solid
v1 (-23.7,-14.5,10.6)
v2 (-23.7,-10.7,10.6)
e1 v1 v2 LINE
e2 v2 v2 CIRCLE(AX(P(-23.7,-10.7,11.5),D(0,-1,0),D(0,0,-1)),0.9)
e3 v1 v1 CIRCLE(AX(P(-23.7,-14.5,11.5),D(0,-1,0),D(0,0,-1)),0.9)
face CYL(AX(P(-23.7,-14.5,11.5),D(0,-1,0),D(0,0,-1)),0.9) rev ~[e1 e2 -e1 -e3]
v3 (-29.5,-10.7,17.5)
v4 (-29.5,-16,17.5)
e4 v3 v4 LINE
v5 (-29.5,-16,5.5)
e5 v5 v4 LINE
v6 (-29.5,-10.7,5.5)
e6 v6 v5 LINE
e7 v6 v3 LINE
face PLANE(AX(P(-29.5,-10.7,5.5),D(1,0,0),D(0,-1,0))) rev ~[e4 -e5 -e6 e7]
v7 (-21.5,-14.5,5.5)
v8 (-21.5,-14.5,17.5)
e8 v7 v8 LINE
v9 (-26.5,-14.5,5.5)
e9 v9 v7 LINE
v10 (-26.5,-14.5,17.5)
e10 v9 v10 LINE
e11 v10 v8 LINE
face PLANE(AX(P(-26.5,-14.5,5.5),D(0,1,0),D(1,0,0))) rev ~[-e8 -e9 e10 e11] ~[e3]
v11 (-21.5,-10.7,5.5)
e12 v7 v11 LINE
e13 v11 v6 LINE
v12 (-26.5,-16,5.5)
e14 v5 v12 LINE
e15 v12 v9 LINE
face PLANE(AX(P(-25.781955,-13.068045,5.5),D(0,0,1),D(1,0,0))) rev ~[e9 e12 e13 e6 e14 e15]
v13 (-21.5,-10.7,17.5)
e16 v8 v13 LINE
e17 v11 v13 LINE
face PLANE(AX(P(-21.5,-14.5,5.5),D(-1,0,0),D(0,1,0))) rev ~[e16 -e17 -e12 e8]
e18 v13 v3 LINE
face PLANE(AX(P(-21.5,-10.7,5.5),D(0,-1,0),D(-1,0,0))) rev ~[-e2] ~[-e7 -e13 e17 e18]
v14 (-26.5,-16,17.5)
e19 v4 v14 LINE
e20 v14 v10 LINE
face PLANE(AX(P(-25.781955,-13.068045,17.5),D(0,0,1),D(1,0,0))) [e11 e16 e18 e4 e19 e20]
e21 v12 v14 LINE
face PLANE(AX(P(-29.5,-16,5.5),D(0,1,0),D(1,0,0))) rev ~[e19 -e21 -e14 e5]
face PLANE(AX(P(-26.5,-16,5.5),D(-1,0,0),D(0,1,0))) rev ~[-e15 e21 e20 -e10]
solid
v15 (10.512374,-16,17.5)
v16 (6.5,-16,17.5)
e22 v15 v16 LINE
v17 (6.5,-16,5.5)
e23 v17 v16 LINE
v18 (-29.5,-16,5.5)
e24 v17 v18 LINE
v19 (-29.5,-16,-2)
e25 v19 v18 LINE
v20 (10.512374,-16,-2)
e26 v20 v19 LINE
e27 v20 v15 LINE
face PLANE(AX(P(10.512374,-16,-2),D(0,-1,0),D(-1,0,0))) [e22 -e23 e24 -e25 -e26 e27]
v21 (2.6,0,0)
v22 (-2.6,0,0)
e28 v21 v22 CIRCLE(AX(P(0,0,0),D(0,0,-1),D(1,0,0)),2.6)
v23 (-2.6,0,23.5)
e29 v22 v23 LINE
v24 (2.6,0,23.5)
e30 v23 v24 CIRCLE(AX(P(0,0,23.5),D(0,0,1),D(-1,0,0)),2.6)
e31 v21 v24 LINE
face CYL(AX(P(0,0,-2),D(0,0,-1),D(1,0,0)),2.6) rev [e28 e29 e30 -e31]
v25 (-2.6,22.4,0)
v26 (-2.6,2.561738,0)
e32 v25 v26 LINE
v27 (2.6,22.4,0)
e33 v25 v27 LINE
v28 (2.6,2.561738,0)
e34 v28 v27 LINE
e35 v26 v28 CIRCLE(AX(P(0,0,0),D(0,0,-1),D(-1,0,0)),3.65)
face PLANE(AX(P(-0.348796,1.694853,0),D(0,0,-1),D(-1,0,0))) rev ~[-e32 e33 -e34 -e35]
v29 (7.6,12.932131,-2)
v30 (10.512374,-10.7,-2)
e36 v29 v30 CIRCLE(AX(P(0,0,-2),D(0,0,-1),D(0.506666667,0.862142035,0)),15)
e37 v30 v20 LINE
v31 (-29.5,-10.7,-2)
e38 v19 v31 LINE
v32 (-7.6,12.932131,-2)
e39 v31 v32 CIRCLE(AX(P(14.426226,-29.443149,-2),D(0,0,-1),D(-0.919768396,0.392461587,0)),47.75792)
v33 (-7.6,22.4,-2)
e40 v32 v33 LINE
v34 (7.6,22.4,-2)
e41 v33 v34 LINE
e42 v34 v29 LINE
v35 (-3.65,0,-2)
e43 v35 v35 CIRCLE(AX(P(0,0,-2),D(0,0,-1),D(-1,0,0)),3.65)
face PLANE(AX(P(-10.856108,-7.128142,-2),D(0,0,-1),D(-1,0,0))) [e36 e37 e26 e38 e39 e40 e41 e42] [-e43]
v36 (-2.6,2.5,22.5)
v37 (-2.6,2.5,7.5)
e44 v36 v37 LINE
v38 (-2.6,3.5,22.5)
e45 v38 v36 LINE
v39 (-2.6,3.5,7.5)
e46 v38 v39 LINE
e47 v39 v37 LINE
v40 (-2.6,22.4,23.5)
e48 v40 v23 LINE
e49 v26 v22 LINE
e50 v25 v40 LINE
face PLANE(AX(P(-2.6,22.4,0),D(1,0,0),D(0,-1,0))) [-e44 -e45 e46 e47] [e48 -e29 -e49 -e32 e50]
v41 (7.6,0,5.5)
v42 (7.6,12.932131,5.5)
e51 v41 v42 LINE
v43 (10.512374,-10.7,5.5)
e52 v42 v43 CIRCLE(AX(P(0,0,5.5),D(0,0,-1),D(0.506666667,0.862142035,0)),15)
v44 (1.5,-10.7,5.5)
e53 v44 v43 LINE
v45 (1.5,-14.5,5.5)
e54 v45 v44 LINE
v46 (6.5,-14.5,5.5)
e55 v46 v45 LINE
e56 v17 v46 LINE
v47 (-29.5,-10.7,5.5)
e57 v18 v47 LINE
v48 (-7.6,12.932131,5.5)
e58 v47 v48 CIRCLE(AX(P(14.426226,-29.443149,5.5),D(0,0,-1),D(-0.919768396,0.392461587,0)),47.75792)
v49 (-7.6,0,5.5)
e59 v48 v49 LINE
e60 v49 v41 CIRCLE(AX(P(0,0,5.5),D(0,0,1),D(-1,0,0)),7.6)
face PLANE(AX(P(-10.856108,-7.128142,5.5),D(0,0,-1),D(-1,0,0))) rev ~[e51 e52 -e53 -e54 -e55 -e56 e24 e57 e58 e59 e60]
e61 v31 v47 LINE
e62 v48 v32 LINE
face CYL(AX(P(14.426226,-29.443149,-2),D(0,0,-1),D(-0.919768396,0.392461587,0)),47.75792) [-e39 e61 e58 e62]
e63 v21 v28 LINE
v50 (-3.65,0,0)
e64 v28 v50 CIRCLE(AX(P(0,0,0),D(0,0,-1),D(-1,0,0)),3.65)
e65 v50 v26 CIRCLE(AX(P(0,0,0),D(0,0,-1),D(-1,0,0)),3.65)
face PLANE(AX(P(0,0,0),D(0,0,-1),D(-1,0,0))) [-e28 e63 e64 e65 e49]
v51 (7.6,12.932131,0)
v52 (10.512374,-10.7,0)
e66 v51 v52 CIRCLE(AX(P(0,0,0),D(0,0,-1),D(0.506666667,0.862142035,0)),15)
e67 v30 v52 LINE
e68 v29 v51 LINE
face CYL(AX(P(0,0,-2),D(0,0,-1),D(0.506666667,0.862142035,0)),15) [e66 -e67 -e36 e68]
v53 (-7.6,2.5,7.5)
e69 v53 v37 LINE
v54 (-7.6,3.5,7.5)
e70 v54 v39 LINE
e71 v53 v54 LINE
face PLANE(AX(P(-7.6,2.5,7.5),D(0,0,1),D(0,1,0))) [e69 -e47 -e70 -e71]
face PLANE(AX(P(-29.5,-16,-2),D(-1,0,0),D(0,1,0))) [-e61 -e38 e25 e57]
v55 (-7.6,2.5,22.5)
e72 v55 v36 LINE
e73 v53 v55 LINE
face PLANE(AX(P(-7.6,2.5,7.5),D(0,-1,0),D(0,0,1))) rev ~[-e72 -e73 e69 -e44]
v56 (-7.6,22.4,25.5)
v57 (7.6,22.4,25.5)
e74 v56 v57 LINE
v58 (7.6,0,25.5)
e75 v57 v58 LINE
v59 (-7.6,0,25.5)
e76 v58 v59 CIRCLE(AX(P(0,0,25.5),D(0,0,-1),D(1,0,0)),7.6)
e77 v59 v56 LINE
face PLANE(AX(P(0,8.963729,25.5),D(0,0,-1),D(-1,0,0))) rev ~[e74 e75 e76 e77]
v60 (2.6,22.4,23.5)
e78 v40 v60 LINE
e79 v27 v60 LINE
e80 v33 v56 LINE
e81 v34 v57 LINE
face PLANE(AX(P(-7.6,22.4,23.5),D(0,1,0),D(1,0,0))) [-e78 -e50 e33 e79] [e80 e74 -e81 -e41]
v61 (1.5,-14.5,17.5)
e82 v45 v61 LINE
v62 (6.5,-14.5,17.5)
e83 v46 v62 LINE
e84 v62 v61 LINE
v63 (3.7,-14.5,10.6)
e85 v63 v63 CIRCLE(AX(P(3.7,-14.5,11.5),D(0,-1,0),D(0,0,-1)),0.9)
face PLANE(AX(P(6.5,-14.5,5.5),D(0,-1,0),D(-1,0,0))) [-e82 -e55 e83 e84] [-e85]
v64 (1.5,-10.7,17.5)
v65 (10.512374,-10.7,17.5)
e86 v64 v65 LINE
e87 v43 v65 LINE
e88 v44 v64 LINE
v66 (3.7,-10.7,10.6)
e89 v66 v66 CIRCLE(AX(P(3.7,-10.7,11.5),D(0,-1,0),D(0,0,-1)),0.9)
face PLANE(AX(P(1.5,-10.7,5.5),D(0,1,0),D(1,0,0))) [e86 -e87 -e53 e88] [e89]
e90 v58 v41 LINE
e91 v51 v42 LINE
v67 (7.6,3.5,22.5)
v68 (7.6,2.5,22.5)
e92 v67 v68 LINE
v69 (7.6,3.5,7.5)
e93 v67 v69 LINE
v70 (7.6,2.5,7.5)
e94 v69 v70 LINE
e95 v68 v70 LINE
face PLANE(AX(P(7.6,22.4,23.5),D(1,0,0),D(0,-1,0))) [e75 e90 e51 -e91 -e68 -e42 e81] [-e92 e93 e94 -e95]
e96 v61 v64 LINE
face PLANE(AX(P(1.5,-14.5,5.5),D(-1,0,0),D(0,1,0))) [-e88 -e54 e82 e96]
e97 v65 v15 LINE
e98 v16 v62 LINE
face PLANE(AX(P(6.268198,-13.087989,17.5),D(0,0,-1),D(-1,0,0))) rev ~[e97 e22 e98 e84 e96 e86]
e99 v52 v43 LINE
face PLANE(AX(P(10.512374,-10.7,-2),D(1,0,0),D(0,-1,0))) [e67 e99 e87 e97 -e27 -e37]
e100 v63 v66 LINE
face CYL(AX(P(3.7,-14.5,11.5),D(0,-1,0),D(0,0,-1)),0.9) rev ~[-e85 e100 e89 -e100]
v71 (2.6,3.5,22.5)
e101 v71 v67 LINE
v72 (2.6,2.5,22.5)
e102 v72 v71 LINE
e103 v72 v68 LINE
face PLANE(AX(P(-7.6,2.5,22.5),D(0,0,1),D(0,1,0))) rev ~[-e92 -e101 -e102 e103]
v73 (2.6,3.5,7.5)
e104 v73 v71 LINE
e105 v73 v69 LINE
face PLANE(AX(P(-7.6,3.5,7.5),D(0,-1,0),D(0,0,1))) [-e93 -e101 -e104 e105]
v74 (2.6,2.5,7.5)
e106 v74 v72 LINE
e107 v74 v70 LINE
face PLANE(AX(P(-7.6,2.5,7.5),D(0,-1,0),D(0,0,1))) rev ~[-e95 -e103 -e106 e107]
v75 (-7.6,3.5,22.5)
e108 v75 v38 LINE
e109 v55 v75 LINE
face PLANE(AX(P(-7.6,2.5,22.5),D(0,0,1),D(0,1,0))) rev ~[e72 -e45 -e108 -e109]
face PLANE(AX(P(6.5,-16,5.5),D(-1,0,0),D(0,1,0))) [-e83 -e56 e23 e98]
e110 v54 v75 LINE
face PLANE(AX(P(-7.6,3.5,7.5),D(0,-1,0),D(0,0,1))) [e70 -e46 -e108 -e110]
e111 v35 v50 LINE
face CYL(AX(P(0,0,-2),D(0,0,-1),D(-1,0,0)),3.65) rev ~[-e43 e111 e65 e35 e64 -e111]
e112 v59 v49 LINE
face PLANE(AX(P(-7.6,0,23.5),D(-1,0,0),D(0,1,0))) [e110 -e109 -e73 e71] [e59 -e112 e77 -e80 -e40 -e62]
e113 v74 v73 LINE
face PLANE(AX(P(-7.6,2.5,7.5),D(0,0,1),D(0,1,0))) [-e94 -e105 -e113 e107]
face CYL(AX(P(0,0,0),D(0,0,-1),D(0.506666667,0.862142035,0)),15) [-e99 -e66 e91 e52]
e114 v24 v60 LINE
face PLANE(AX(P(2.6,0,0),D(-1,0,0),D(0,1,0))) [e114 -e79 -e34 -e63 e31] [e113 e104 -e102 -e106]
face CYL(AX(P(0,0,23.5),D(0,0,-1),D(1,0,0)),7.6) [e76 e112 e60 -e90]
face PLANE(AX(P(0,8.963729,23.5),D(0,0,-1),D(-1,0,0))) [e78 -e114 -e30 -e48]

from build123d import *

# Parameters (mm, degrees)
SALIENTE_EXTRUIR1_DEPTH = 23.5
CORTAR_EXTRUIR1_START   = -18
CORTAR_EXTRUIR1_DEPTH   = 18
SALIENTE_EXTRUIR2_START = 2
SALIENTE_EXTRUIR2_DEPTH = 2
SALIENTE_EXTRUIR3_DEPTH = 2
CROQUIS7_W              = 15
CROQUIS7_H              = 1
CORTAR_EXTRUIR2_DEPTH   = 41.777076894
SALIENTE_EXTRUIR4_DEPTH = 12
SALIENTE_EXTRUIR5_DEPTH = 7.5
CROQUIS12_R             = 3.65
CORTAR_EXTRUIR3_DEPTH   = 2
CROQUIS13_R             = 0.9
CORTAR_EXTRUIR4_DEPTH   = 3.8


with BuildPart() as part:
    # Croquis1 → Saliente-Extruir1 (new body)
    with BuildSketch(Plane.XY):
        with BuildLine():
            Line((-7.6, 12.932130528), (-7.6, 22.4))
            Line((-7.6, 22.4), (-2.6, 22.4))
            Line((-2.6, 22.4), (-2.6, 0))
            ThreePointArc((-2.6, 0), (0, -2.6), (2.6, 0))
            Line((2.6, 0), (2.6, 22.4))
            Line((2.6, 22.4), (7.6, 22.4))
            Line((7.6, 22.4), (7.6, 12.932130528))
            ThreePointArc((7.6, 12.932130528), (0, -15), (-7.6, 12.932130528))
        make_face()
    extrude(amount=SALIENTE_EXTRUIR1_DEPTH)

    # Croquis2 → Cortar-Extruir1 (cut)
    with BuildSketch(Plane.XY.offset(23.5).offset(CORTAR_EXTRUIR1_START)):
        with BuildLine():
            Line((-7.6, 12.932130528), (-7.6, 0))
            ThreePointArc((-7.6, 0), (0, -7.6), (7.6, 0))
            Line((7.6, 0), (7.6, 12.932130528))
            ThreePointArc((7.6, 12.932130528), (0, -15), (-7.6, 12.932130528))
        make_face()
    extrude(amount=CORTAR_EXTRUIR1_DEPTH, mode=Mode.SUBTRACT)

    # Croquis4 → Saliente-Extruir2 (add)
    with BuildSketch(Plane(origin=(0, 0, 0), x_dir=(-1, 0, 0), z_dir=(0, 0, -1)).offset(SALIENTE_EXTRUIR2_START)):
        with BuildLine():
            Line((-2.6, 0), (-2.6, 14.77294825))
            ThreePointArc((-2.6, 14.77294825), (-5.182388684, 14.07632223), (-7.6, 12.932130528))
            ThreePointArc((-7.6, 12.932130528), (-7.449832213, -13.019216566), (15, 0))
            ThreePointArc((15, 0), (13.019216566, 7.449832213), (7.6, 12.932130528))
            ThreePointArc((7.6, 12.932130528), (5.182388684, 14.07632223), (2.6, 14.77294825))
            Line((2.6, 14.77294825), (2.6, 0))
            ThreePointArc((2.6, 0), (0, -2.6), (-2.6, 0))
        make_face()
        with BuildLine():
            Line((-2.6, 0), (-2.6, 14.77294825))
            ThreePointArc((-2.6, 14.77294825), (-5.182388684, 14.07632223), (-7.6, 12.932130528))
            ThreePointArc((-7.6, 12.932130528), (-7.449832213, -13.019216566), (15, 0))
            ThreePointArc((15, 0), (13.019216566, 7.449832213), (7.6, 12.932130528))
            ThreePointArc((7.6, 12.932130528), (5.182388684, 14.07632223), (2.6, 14.77294825))
            Line((2.6, 14.77294825), (2.6, 0))
            ThreePointArc((2.6, 0), (0, -2.6), (-2.6, 0))
        make_face()
        with BuildLine():
            ThreePointArc((2.6, 14.77294825), (0, 15), (-2.6, 14.77294825))
            Line((-2.6, 14.77294825), (-2.6, 0))
            ThreePointArc((-2.6, 0), (0, 2.6), (2.6, 0))
            Line((2.6, 0), (2.6, 14.77294825))
        make_face()
        with BuildLine():
            Line((7.6, 22.4), (2.6, 22.4))
            Line((2.6, 22.4), (2.6, 14.77294825))
            ThreePointArc((2.6, 14.77294825), (5.182388684, 14.07632223), (7.6, 12.932130528))
            Line((7.6, 12.932130528), (7.6, 22.4))
        make_face()
        with BuildLine():
            Line((2.6, 22.4), (-2.6, 22.4))
            Line((-2.6, 22.4), (-2.6, 14.77294825))
            ThreePointArc((-2.6, 14.77294825), (0, 15), (2.6, 14.77294825))
            Line((2.6, 14.77294825), (2.6, 22.4))
        make_face()
        with BuildLine():
            Line((-2.6, 14.77294825), (-2.6, 22.4))
            Line((-2.6, 22.4), (-7.6, 22.4))
            Line((-7.6, 22.4), (-7.6, 12.932130528))
            ThreePointArc((-7.6, 12.932130528), (-5.182388684, 14.07632223), (-2.6, 14.77294825))
        make_face()
    extrude(amount=-SALIENTE_EXTRUIR2_DEPTH)

    # Croquis6 → Saliente-Extruir3 (add)
    with BuildSketch(Plane.XY.offset(23.5)):
        with BuildLine():
            Line((-2.6, 22.4), (2.6, 22.4))
            Line((2.6, 22.4), (7.6, 22.4))
            Line((7.6, 22.4), (7.6, 0))
            ThreePointArc((7.6, 0), (0, -7.6), (-7.6, 0))
            Line((-7.6, 0), (-7.6, 22.4))
            Line((-7.6, 22.4), (-2.6, 22.4))
        make_face()
    extrude(amount=SALIENTE_EXTRUIR3_DEPTH)

    # Croquis7 → Cortar-Extruir2 (cut, through all)
    with BuildSketch(Plane.ZY.offset(7.6)):
        with Locations((15, 3)):
            Rectangle(CROQUIS7_W, CROQUIS7_H)
    extrude(amount=-CORTAR_EXTRUIR2_DEPTH, mode=Mode.SUBTRACT)

    # Croquis8 → Saliente-Extruir4 (add)
    with BuildSketch(Plane.XY.offset(5.5)):
        Polygon((-21.5, -14.5), (-21.5, -10.7), (-29.5, -10.7), (-29.5, -16), (-26.5, -16), (-26.5, -14.5), align=None)
        Polygon((6.5, -16), (6.5, -14.5), (1.5, -14.5), (1.5, -10.7), (10.512373662, -10.7), (10.512373662, -16), align=None)
    extrude(amount=SALIENTE_EXTRUIR4_DEPTH)


with BuildPart() as saliente_extruir4_piece_1:
    # of the separate pieces the step leaves, piece 1, a body of its own (saliente_extruir4_pieces)
    add(part.part.solids().sort_by_distance((-7.6, 12.932130528, 5.5))[0])

    # Croquis10 → Saliente-Extruir5 (add)
    with BuildSketch(Plane(origin=(0, 0, -2), x_dir=(-1, 0, 0), z_dir=(0, 0, -1))):
        with BuildLine():
            ThreePointArc((29.5, -10.7), (20.603060039, 3.018645093), (7.6, 12.932130528))
            ThreePointArc((7.6, 12.932130528), (11.905455825, -9.124698438), (-10.512373662, -10.7))
            Line((-10.512373662, -10.7), (-10.512373662, -16))
            Line((-10.512373662, -16), (29.5, -16))
            Line((29.5, -16), (29.5, -10.7))
        make_face()
    extrude(amount=-SALIENTE_EXTRUIR5_DEPTH)

    # Croquis12 → Cortar-Extruir3 (cut)
    with BuildSketch(Plane(origin=(0, 0, -2), x_dir=(-1, 0, 0), z_dir=(0, 0, -1))):
        Circle(CROQUIS12_R)
    extrude(amount=-CORTAR_EXTRUIR3_DEPTH, mode=Mode.SUBTRACT)


with BuildPart() as saliente_extruir4_piece_2:
    # of the separate pieces the step leaves, piece 2, a body of its own (saliente_extruir4_pieces)
    add(part.part.solids().sort_by_distance((-21.5, -14.5, 5.5))[0])


with BuildPart() as cortar_extruir4_tool:
    # Croquis13 → Cortar-Extruir4 (new body)
    with BuildSketch(Plane.XZ.offset(14.5)):
        with Locations(Location((-23.7, 11.5, 0), (0, 0, 270))):
            Circle(CROQUIS13_R)
        with Locations(Location((3.7, 11.5, 0), (0, 0, 270))):
            Circle(CROQUIS13_R)
    extrude(amount=-CORTAR_EXTRUIR4_DEPTH)


with BuildPart() as saliente_extruir4_piece_1_1:
    add(saliente_extruir4_piece_1.part)

    # Cortar-Extruir4: cut by cortar_extruir4_tool
    add(cortar_extruir4_tool.part, mode=Mode.SUBTRACT)


with BuildPart() as saliente_extruir4_piece_2_1:
    add(saliente_extruir4_piece_2.part)

    # Cortar-Extruir4: cut by cortar_extruir4_tool
    add(cortar_extruir4_tool.part, mode=Mode.SUBTRACT)


solid = Compound([saliente_extruir4_piece_1_1.part, saliente_extruir4_piece_2_1.part])
